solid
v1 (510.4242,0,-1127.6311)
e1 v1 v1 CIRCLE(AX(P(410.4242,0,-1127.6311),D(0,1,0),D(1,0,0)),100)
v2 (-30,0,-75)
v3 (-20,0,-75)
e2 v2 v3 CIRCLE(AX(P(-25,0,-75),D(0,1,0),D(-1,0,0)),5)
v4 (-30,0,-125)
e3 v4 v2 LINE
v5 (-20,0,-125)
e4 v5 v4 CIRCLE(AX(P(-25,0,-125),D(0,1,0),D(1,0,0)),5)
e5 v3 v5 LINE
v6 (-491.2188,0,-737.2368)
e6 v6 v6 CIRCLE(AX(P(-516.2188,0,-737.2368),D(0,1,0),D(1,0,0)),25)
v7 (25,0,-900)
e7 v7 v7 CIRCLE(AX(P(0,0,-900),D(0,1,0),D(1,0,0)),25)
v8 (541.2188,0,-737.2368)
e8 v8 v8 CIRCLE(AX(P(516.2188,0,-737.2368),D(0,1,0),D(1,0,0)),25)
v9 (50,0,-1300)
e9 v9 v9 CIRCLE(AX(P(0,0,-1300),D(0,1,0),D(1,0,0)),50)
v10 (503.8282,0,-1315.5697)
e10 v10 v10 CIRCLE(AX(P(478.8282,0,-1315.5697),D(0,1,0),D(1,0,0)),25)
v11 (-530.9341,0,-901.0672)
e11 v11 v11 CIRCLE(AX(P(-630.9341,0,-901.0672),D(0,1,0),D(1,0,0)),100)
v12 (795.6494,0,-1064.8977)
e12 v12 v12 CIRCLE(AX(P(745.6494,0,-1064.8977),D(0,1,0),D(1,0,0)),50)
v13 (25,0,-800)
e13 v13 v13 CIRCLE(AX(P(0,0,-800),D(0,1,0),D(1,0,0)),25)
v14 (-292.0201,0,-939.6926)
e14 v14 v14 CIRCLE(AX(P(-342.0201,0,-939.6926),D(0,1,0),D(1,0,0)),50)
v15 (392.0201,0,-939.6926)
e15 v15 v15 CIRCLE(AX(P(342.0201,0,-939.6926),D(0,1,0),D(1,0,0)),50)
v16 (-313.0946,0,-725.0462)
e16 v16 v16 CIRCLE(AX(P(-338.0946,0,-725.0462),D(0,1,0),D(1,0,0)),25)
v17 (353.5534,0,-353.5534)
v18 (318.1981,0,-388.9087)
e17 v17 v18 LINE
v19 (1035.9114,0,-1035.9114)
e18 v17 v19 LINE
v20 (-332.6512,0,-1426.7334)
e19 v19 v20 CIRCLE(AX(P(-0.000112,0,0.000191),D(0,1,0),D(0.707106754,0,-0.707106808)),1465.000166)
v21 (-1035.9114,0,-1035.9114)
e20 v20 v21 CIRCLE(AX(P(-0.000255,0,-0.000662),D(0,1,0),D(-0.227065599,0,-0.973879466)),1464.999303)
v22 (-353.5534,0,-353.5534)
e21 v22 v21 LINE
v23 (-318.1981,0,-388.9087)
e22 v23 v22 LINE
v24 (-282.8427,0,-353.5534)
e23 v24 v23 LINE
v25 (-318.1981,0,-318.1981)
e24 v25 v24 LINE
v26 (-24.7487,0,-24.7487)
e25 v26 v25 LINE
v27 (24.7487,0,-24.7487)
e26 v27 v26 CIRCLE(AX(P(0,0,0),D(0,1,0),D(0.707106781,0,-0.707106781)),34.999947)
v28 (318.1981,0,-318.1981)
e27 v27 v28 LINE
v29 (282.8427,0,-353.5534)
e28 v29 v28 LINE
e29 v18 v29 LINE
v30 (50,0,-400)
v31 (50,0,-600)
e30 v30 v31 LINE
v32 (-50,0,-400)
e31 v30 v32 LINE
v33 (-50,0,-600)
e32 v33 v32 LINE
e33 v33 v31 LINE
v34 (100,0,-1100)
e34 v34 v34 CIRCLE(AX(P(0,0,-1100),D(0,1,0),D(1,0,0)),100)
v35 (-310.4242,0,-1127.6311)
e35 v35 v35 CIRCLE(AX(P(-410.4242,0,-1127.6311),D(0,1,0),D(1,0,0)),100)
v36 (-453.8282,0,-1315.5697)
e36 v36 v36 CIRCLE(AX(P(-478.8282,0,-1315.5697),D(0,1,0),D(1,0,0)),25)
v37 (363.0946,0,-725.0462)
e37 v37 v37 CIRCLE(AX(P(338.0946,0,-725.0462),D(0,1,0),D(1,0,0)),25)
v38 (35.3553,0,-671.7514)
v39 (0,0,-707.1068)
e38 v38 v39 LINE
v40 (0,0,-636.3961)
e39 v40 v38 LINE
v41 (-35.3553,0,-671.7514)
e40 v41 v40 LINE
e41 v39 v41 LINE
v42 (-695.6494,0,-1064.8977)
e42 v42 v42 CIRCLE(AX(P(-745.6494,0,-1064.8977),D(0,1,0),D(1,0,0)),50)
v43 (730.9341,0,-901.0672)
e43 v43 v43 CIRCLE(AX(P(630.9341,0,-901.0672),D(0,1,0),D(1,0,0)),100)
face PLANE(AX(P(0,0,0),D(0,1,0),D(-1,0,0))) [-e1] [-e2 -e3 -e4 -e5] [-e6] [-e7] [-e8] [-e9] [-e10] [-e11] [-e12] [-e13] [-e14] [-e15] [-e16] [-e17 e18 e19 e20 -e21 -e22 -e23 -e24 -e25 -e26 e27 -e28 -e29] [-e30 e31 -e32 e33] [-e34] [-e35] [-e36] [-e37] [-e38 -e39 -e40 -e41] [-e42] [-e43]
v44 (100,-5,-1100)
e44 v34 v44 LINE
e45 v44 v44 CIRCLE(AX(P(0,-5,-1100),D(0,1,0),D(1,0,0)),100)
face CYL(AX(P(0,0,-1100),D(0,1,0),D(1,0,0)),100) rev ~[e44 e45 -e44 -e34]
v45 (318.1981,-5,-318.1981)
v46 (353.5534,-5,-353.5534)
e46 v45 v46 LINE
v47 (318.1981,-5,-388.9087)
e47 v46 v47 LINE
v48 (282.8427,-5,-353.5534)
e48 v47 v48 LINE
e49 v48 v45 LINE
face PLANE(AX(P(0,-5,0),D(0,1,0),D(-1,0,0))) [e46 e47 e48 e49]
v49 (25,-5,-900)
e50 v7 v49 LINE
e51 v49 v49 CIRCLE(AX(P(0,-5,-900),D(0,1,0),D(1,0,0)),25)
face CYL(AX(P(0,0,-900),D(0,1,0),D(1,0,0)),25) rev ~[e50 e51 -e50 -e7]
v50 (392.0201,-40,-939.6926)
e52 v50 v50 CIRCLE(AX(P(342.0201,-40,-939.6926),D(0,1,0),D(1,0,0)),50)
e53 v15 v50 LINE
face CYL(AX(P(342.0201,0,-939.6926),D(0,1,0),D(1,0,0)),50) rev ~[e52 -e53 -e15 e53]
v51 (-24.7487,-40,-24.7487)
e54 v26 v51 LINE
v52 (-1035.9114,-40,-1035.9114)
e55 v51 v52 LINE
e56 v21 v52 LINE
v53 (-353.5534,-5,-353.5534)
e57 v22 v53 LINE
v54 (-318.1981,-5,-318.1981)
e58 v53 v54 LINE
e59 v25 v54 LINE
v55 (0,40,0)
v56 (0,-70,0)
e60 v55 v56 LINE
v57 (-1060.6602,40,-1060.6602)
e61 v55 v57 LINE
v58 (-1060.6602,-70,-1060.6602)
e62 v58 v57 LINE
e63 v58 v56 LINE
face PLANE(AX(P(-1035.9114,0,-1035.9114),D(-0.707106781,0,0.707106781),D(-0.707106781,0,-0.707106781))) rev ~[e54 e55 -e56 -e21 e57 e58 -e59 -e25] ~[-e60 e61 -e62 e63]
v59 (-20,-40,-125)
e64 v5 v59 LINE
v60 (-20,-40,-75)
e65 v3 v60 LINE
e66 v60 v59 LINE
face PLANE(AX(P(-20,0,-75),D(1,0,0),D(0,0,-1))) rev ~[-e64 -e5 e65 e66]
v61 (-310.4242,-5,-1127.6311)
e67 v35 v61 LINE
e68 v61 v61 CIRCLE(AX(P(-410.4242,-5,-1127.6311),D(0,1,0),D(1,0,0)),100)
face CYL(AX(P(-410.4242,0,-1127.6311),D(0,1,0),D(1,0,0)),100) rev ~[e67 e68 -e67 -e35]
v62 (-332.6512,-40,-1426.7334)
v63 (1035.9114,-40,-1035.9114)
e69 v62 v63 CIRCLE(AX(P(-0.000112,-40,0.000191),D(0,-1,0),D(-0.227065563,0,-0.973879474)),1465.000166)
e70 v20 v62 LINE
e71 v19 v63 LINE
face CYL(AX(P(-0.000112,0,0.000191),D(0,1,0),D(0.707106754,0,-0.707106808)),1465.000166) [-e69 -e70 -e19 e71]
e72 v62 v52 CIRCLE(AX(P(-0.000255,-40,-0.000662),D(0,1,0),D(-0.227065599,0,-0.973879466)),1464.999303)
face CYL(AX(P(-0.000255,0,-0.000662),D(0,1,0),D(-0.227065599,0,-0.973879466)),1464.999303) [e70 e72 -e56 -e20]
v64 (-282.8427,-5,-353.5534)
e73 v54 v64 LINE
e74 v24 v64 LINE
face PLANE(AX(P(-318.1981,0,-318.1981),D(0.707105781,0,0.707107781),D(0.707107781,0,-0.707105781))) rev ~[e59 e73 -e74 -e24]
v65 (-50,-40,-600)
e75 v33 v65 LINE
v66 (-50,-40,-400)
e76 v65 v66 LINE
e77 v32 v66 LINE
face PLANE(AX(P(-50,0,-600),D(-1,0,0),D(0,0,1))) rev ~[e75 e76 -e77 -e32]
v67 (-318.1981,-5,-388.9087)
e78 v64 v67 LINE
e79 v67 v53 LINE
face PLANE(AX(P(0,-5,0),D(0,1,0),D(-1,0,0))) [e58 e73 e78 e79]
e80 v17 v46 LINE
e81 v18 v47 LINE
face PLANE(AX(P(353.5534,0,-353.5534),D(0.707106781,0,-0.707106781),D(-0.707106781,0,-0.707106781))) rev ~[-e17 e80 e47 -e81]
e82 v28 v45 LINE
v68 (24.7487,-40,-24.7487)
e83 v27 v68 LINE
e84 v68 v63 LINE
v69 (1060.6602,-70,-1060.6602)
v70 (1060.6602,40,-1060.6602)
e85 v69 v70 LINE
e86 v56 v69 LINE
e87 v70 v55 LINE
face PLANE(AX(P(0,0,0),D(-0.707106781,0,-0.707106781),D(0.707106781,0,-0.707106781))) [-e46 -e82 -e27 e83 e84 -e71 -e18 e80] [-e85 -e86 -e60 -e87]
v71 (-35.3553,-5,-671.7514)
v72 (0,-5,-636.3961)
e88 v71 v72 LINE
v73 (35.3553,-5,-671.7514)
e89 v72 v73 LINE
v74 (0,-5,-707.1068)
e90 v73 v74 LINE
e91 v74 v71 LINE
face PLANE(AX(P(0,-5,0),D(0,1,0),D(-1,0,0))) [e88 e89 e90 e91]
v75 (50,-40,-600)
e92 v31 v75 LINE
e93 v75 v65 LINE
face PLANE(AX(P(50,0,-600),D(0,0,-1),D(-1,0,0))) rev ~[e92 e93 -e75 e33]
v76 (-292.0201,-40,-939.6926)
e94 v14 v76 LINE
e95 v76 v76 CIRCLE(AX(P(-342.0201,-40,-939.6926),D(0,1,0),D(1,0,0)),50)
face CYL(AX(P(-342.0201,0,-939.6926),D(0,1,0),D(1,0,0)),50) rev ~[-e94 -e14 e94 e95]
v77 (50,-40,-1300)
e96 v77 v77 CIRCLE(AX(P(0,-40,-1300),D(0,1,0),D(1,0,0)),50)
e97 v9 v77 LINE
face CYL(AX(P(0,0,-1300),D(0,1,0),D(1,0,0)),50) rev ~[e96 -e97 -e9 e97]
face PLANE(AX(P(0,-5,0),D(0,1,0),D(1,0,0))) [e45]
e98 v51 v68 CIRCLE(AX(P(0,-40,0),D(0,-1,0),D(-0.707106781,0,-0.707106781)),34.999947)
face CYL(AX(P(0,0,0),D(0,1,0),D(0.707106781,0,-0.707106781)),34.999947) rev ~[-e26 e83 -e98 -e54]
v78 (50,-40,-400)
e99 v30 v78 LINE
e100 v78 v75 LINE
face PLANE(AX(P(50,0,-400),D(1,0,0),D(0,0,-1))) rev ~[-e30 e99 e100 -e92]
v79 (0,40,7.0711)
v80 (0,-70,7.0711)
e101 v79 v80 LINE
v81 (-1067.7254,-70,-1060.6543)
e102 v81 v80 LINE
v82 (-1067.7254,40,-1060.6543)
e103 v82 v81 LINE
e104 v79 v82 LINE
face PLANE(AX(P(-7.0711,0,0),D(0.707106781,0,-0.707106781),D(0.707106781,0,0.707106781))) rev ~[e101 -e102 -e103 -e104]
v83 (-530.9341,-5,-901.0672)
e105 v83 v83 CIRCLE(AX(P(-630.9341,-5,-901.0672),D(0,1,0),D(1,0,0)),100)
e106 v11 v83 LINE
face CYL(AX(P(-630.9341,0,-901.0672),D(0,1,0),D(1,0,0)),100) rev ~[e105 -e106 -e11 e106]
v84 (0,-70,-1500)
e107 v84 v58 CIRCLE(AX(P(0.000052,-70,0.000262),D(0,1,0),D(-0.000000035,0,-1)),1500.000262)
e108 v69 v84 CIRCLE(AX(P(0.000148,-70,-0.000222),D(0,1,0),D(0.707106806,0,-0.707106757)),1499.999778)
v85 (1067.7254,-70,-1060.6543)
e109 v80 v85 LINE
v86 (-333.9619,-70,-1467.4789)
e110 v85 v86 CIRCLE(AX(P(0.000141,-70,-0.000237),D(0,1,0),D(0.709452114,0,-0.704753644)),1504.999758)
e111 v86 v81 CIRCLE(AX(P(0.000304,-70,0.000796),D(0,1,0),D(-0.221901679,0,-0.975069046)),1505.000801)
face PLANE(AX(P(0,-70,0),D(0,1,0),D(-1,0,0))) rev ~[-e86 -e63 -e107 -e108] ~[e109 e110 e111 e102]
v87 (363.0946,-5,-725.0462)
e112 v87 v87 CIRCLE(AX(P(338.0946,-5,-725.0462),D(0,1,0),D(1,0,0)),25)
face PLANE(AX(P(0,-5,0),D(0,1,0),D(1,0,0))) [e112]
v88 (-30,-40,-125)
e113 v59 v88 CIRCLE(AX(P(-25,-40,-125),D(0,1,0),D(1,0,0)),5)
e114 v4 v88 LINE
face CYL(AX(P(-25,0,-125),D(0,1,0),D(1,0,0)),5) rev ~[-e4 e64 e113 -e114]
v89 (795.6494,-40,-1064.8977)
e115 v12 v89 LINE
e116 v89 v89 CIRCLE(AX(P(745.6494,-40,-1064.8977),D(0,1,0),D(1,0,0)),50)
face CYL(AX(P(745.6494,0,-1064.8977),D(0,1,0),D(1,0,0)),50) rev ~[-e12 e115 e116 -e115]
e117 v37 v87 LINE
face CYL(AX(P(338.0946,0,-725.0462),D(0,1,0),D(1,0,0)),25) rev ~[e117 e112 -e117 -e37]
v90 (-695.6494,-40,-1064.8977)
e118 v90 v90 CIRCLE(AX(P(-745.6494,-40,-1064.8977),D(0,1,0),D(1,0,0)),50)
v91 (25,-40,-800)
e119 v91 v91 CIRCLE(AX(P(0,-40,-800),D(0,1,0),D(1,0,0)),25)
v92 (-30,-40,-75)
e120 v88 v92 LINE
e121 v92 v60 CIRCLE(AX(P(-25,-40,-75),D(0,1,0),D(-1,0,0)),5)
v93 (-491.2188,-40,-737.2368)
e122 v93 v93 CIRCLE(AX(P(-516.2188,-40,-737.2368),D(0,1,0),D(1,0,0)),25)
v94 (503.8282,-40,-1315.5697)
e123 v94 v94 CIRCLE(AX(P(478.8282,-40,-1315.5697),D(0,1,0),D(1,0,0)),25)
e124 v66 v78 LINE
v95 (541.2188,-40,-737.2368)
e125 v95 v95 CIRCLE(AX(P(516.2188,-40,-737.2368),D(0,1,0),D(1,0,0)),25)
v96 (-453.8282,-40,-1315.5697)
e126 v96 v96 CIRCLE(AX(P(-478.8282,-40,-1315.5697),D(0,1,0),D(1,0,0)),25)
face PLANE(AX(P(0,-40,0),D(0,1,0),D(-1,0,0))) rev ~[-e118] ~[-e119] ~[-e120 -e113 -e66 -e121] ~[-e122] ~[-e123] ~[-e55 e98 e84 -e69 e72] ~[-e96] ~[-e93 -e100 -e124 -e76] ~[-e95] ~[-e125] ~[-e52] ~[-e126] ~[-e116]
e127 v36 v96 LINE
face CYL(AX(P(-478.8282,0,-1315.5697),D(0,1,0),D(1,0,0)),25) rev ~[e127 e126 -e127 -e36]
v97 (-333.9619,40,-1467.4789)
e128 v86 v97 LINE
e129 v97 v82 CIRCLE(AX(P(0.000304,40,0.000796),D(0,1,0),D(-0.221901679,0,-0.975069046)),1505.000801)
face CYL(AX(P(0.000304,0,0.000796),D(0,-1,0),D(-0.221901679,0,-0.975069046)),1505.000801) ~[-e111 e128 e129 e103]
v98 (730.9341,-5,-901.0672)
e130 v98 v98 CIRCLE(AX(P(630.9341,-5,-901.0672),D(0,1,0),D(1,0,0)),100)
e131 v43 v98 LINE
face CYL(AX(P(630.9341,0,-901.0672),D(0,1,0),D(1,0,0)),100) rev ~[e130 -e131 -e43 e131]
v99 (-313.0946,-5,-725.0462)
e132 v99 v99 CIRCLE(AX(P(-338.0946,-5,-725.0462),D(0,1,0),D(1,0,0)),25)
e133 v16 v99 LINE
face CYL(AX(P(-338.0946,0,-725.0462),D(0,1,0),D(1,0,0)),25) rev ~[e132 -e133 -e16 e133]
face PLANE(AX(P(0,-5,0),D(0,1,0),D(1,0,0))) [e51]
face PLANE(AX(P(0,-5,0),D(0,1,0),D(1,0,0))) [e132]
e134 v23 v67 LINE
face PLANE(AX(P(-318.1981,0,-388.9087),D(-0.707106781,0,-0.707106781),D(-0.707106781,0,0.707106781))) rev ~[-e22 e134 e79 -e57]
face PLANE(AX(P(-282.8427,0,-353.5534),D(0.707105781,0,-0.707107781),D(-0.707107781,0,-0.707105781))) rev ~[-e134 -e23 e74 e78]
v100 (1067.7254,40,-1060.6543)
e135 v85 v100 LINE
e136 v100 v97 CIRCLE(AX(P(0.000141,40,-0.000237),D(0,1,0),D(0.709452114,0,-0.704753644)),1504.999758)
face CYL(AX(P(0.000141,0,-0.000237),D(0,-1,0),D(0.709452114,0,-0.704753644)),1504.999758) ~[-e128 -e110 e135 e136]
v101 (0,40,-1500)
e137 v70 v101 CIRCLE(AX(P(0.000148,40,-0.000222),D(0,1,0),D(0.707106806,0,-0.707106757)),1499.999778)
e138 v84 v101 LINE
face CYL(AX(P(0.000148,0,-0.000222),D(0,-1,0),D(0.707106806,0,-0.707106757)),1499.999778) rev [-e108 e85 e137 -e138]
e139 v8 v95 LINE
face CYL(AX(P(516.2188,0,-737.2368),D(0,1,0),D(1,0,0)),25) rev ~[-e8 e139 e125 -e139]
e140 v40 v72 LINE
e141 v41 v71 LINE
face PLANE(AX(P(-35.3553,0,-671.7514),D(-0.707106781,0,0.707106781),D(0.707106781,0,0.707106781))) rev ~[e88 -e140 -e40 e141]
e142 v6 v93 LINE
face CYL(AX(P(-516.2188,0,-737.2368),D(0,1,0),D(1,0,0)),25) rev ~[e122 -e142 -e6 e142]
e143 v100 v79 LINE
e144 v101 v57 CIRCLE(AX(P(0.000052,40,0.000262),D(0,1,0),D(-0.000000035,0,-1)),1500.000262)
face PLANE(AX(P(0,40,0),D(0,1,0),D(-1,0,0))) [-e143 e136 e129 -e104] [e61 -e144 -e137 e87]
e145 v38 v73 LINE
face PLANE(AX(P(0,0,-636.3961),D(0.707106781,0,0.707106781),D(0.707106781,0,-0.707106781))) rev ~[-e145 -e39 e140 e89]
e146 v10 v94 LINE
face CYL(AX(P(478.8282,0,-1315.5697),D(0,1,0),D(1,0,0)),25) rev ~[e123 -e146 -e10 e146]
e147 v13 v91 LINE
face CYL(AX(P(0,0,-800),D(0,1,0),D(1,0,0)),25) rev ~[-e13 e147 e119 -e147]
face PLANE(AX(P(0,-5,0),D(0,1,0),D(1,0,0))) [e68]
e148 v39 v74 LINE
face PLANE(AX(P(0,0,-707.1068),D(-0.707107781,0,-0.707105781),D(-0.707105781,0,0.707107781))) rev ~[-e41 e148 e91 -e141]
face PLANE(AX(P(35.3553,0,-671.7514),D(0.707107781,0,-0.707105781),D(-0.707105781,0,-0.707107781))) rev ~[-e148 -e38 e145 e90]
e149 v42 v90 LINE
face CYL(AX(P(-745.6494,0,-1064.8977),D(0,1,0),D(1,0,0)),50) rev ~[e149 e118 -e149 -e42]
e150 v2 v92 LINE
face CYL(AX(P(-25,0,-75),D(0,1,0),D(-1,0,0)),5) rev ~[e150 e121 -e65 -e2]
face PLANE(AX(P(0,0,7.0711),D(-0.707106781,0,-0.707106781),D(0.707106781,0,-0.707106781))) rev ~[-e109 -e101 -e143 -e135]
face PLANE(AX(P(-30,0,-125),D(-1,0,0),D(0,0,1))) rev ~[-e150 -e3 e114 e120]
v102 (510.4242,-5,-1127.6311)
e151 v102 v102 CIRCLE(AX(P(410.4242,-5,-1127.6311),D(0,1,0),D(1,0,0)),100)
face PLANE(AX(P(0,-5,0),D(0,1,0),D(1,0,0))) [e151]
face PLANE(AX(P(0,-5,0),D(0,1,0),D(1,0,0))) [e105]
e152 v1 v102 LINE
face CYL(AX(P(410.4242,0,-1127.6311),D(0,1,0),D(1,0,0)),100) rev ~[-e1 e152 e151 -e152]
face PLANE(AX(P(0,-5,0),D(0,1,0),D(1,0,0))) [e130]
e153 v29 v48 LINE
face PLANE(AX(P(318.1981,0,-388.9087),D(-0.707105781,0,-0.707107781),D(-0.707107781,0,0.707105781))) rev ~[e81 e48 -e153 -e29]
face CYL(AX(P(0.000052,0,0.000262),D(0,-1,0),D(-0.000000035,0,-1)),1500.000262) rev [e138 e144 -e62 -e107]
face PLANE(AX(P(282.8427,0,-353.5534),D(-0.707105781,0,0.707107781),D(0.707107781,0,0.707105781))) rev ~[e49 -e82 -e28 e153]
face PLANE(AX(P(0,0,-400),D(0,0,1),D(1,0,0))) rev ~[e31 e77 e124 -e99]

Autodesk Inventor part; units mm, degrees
ref_plane "YZ Plane" through (0, 0, 0) normal (1, 0, 0) x (0, 1, 0)
ref_plane "XZ Plane" through (0, 0, 0) normal (0, 1, 0) x (-1, 0, 0)
ref_plane "XY Plane" through (0, 0, 0) normal (0, 0, 1) x (1, 0, 0)
sketch "草圖1" plane through (0, 0, 0) normal (0, 1, 0) x (-1, 0, 0)
  line L0 (0, 0) -> (-1060.6602, -1060.6602)
  arc A0 (-1060.6602, -1060.6602) -> (0, -1500) centre (0, 0) ccw
  line L1 (0, -1500) -> (0, 0)
  line L2 (0, 0) -> (1060.6602, -1060.6602)
  arc A1 (0, -1500) -> (1060.6602, -1060.6602) centre (0, 0) ccw
  line L3 (1067.7254, -1060.6543) -> (0, 7.0711)
  line L4 (0, 7.0711) -> (-1067.7254, -1060.6543)
  arc A2 (-1067.7254, -1060.6543) -> (333.9619, -1467.4789) centre (0, 0) ccw
  arc A3 (333.9619, -1467.4789) -> (1067.7254, -1060.6543) centre (0, 0) ccw
  arc A4 (-1035.9114, -1035.9114) -> (332.6512, -1426.7334) centre (0, 0) ccw
  arc A5 (332.6512, -1426.7334) -> (1035.9114, -1035.9114) centre (0, 0) ccw
  line L5 (1549.2947, 0) -> (-1565.2813, 0) projected
  arc A6 (-24.7487, -24.7487) -> (24.7487, -24.7487) centre (0, 0) ccw
  line L6 (25, -130) -> (25, -70) construction
  line L7 (30, -125) -> (30, -75)
  line L8 (20, -75) -> (20, -125)
  arc A7 (20, -125) -> (30, -125) centre (25, -125) ccw
  arc A8 (30, -75) -> (20, -75) centre (25, -75) ccw
  line L9 (50, -400) -> (-50, -400)
  line L10 (-50, -400) -> (-50, -600)
  line L11 (-50, -600) -> (50, -600)
  line L12 (50, -600) -> (50, -400)
  line L13 (50, -400) -> (-50, -600) construction
  line L14 (-50, -400) -> (50, -600) construction
  point P0 (-7.0711, 0)
  point P1 (7.0711, 0)
  point P2 (24.7487, -682.358)
  point P3 (-24.7487, -682.358)
  point P4 (353.5534, -353.5534)
  point P5 (353.5534, -353.5534)
  point P6 (-353.5534, -353.5534)
  point P7 (-353.5534, -353.5534)
  point P8 (-7.0711, 0)
  point P9 (7.0711, 0)
  point P10 (25, -100)
  point P11 (0, -500)
  dimension "d0" = 1500
  dimension "d2" = 5
  dimension "d3" = 35
  dimension "d7" = 45
  dimension "d8" = 35
  dimension "d26" = 5
  dimension "d27" = 50
  dimension "d28" = 100
  dimension "d29" = 50
  dimension "d32" = 100
  dimension "d33" = 200
  dimension "d39" = 300
extrude "擠出1" add sketch "草圖1" along normal blind 40 and the other way blind 70 contours L5 L4 L3 | L5 L3 A3 A2 L4
extrude "擠出2" add sketch "草圖1" against normal blind 40 contours A6 L1 L9 L10 L11 A4 L0 | A6 L2 A5 A4 L1 L11 L12 L9
sketch "草圖2" plane through (0, 0, 0) normal (0, 1, 0) x (-1, 0, 0)
  line L0 (353.5534, -353.5534) -> (0, -707.1068) construction
  line L1 (0, -707.1068) -> (-353.5534, -353.5534) construction
  line L2 (-353.5534, -353.5534) -> (0, 0) construction
  line L3 (0, 0) -> (353.5534, -353.5534) construction
  line L4 (0, -707.1068) -> (35.3553, -671.7514)
  line L5 (35.3553, -671.7514) -> (0, -636.3961)
  line L6 (0, -636.3961) -> (-35.3553, -671.7514)
  line L7 (-35.3553, -671.7514) -> (0, -707.1068)
  line L8 (318.1981, -388.9087) -> (353.5534, -353.5534)
  line L9 (353.5534, -353.5534) -> (318.1981, -318.1981)
  line L10 (318.1981, -318.1981) -> (282.8427, -353.5534)
  line L11 (282.8427, -353.5534) -> (318.1981, -388.9087)
  line L12 (-318.1981, -388.9087) -> (-282.8427, -353.5534)
  line L13 (-282.8427, -353.5534) -> (-318.1981, -318.1981)
  line L14 (-318.1981, -318.1981) -> (-353.5534, -353.5534)
  line L15 (-353.5534, -353.5534) -> (-318.1981, -388.9087)
  line L16 (-1060.6602, -1060.6602) -> (0, 0) projected
  line L17 (0, 0) -> (1060.6602, -1060.6602) projected
  arc A0 (-24.7487, -24.7487) -> (24.7487, -24.7487) centre (0, 0) ccw projected
  dimension "d15" = 500
  dimension "d19" = 50
  dimension "d20" = 50
  dimension "d21" = 50
extrude "擠出3" cut sketch "草圖2" against normal blind 5 contours L7 L6 L5 L4 | L11 L10 L9 L8 | L13 L12 L15 L14
sketch "草圖6" plane through (0, 0, 0) normal (0, 1, 0) x (1, 0, 0)
  line L0 (0, 0) -> (1060.6602, 1060.6602) projected
  line L1 (-1067.7254, 1060.6543) -> (0, -7.0711) projected
  arc A0 (919.2388, 919.2388) -> (-922.7676, 915.6965) centre (0, 0) ccw construction
  line L2 (0, 0) -> (-1060.6602, 1060.6602) projected
  arc A1 (777.8175, 777.8175) -> (-777.8175, 777.8175) centre (0, 0) ccw construction
  arc A2 (636.3961, 636.3961) -> (-634.8813, 637.9073) centre (0, 0) ccw construction
  circle A3 centre (0, 1300) radius 50
  arc A4 (1035.9114, 1035.9114) -> (-1035.9114, 1035.9114) centre (0, 0) ccw projected
  line L3 (0, 1465) -> (0, 0) construction
  circle A5 centre (0, 1100) radius 100
  circle A6 centre (0, 900) radius 25
  circle A7 centre (-745.6494, 1064.8977) radius 50
  circle A8 centre (-630.9341, 901.0672) radius 100
  circle A9 centre (-516.2188, 737.2368) radius 25
  circle A10 centre (745.6494, 1064.8977) radius 50
  circle A11 centre (630.9341, 901.0672) radius 100
  circle A12 centre (516.2188, 737.2368) radius 25
  arc A13 (989.9495, 989.9495) -> (-993.7497, 986.1347) centre (0, 0) ccw construction
  arc A14 (848.5281, 848.5281) -> (-848.5281, 848.5281) centre (0, 0) ccw construction
  arc A15 (707.1068, 707.1068) -> (-705.4236, 708.7859) centre (0, 0) ccw construction
  line L4 (0, 0) -> (501.0595, 1376.6497) construction
  circle A16 centre (342.0201, 939.6926) radius 50
  circle A17 centre (478.8282, 1315.5697) radius 25
  circle A18 centre (410.4242, 1127.6311) radius 100
  circle A19 centre (-342.0201, 939.6926) radius 50
  circle A20 centre (-478.8282, 1315.5697) radius 25
  circle A21 centre (-410.4242, 1127.6311) radius 100
  arc A22 (565.6854, 565.6854) -> (-565.6854, 565.6854) centre (0, 0) ccw construction
  circle A23 centre (0, 800) radius 25
  circle A24 centre (-338.0946, 725.0462) radius 25
  circle A25 centre (338.0946, 725.0462) radius 25
  point P0 (0, 1100)
  dimension "d44" = 1300
  dimension "d45" = 1100
  dimension "d46" = 900
  dimension "d47" = 100
  dimension "d48" = 200
  dimension "d49" = 50
  dimension "d52" = 35
  dimension "d54" = 100
  dimension "d55" = 100
  dimension "d56" = 100
  dimension "d57" = 25
  dimension "d58" = 100
  dimension "d59" = 50
  dimension "d60" = 200
  dimension "d63" = 100
  dimension "d66" = 50
  dimension "d69" = 25
extrude "擠出6" cut sketch "草圖6" against normal blind 5 contours A5 | A6 | A8 | A11 | A18 | A21 | A24 | A25
extrude "擠出7" cut sketch "草圖6" against normal through all contours A3 | A7 | A9 | A10 | A12 | A16 | A17 | A19 | A20 | A23
properties part number "球場2"
